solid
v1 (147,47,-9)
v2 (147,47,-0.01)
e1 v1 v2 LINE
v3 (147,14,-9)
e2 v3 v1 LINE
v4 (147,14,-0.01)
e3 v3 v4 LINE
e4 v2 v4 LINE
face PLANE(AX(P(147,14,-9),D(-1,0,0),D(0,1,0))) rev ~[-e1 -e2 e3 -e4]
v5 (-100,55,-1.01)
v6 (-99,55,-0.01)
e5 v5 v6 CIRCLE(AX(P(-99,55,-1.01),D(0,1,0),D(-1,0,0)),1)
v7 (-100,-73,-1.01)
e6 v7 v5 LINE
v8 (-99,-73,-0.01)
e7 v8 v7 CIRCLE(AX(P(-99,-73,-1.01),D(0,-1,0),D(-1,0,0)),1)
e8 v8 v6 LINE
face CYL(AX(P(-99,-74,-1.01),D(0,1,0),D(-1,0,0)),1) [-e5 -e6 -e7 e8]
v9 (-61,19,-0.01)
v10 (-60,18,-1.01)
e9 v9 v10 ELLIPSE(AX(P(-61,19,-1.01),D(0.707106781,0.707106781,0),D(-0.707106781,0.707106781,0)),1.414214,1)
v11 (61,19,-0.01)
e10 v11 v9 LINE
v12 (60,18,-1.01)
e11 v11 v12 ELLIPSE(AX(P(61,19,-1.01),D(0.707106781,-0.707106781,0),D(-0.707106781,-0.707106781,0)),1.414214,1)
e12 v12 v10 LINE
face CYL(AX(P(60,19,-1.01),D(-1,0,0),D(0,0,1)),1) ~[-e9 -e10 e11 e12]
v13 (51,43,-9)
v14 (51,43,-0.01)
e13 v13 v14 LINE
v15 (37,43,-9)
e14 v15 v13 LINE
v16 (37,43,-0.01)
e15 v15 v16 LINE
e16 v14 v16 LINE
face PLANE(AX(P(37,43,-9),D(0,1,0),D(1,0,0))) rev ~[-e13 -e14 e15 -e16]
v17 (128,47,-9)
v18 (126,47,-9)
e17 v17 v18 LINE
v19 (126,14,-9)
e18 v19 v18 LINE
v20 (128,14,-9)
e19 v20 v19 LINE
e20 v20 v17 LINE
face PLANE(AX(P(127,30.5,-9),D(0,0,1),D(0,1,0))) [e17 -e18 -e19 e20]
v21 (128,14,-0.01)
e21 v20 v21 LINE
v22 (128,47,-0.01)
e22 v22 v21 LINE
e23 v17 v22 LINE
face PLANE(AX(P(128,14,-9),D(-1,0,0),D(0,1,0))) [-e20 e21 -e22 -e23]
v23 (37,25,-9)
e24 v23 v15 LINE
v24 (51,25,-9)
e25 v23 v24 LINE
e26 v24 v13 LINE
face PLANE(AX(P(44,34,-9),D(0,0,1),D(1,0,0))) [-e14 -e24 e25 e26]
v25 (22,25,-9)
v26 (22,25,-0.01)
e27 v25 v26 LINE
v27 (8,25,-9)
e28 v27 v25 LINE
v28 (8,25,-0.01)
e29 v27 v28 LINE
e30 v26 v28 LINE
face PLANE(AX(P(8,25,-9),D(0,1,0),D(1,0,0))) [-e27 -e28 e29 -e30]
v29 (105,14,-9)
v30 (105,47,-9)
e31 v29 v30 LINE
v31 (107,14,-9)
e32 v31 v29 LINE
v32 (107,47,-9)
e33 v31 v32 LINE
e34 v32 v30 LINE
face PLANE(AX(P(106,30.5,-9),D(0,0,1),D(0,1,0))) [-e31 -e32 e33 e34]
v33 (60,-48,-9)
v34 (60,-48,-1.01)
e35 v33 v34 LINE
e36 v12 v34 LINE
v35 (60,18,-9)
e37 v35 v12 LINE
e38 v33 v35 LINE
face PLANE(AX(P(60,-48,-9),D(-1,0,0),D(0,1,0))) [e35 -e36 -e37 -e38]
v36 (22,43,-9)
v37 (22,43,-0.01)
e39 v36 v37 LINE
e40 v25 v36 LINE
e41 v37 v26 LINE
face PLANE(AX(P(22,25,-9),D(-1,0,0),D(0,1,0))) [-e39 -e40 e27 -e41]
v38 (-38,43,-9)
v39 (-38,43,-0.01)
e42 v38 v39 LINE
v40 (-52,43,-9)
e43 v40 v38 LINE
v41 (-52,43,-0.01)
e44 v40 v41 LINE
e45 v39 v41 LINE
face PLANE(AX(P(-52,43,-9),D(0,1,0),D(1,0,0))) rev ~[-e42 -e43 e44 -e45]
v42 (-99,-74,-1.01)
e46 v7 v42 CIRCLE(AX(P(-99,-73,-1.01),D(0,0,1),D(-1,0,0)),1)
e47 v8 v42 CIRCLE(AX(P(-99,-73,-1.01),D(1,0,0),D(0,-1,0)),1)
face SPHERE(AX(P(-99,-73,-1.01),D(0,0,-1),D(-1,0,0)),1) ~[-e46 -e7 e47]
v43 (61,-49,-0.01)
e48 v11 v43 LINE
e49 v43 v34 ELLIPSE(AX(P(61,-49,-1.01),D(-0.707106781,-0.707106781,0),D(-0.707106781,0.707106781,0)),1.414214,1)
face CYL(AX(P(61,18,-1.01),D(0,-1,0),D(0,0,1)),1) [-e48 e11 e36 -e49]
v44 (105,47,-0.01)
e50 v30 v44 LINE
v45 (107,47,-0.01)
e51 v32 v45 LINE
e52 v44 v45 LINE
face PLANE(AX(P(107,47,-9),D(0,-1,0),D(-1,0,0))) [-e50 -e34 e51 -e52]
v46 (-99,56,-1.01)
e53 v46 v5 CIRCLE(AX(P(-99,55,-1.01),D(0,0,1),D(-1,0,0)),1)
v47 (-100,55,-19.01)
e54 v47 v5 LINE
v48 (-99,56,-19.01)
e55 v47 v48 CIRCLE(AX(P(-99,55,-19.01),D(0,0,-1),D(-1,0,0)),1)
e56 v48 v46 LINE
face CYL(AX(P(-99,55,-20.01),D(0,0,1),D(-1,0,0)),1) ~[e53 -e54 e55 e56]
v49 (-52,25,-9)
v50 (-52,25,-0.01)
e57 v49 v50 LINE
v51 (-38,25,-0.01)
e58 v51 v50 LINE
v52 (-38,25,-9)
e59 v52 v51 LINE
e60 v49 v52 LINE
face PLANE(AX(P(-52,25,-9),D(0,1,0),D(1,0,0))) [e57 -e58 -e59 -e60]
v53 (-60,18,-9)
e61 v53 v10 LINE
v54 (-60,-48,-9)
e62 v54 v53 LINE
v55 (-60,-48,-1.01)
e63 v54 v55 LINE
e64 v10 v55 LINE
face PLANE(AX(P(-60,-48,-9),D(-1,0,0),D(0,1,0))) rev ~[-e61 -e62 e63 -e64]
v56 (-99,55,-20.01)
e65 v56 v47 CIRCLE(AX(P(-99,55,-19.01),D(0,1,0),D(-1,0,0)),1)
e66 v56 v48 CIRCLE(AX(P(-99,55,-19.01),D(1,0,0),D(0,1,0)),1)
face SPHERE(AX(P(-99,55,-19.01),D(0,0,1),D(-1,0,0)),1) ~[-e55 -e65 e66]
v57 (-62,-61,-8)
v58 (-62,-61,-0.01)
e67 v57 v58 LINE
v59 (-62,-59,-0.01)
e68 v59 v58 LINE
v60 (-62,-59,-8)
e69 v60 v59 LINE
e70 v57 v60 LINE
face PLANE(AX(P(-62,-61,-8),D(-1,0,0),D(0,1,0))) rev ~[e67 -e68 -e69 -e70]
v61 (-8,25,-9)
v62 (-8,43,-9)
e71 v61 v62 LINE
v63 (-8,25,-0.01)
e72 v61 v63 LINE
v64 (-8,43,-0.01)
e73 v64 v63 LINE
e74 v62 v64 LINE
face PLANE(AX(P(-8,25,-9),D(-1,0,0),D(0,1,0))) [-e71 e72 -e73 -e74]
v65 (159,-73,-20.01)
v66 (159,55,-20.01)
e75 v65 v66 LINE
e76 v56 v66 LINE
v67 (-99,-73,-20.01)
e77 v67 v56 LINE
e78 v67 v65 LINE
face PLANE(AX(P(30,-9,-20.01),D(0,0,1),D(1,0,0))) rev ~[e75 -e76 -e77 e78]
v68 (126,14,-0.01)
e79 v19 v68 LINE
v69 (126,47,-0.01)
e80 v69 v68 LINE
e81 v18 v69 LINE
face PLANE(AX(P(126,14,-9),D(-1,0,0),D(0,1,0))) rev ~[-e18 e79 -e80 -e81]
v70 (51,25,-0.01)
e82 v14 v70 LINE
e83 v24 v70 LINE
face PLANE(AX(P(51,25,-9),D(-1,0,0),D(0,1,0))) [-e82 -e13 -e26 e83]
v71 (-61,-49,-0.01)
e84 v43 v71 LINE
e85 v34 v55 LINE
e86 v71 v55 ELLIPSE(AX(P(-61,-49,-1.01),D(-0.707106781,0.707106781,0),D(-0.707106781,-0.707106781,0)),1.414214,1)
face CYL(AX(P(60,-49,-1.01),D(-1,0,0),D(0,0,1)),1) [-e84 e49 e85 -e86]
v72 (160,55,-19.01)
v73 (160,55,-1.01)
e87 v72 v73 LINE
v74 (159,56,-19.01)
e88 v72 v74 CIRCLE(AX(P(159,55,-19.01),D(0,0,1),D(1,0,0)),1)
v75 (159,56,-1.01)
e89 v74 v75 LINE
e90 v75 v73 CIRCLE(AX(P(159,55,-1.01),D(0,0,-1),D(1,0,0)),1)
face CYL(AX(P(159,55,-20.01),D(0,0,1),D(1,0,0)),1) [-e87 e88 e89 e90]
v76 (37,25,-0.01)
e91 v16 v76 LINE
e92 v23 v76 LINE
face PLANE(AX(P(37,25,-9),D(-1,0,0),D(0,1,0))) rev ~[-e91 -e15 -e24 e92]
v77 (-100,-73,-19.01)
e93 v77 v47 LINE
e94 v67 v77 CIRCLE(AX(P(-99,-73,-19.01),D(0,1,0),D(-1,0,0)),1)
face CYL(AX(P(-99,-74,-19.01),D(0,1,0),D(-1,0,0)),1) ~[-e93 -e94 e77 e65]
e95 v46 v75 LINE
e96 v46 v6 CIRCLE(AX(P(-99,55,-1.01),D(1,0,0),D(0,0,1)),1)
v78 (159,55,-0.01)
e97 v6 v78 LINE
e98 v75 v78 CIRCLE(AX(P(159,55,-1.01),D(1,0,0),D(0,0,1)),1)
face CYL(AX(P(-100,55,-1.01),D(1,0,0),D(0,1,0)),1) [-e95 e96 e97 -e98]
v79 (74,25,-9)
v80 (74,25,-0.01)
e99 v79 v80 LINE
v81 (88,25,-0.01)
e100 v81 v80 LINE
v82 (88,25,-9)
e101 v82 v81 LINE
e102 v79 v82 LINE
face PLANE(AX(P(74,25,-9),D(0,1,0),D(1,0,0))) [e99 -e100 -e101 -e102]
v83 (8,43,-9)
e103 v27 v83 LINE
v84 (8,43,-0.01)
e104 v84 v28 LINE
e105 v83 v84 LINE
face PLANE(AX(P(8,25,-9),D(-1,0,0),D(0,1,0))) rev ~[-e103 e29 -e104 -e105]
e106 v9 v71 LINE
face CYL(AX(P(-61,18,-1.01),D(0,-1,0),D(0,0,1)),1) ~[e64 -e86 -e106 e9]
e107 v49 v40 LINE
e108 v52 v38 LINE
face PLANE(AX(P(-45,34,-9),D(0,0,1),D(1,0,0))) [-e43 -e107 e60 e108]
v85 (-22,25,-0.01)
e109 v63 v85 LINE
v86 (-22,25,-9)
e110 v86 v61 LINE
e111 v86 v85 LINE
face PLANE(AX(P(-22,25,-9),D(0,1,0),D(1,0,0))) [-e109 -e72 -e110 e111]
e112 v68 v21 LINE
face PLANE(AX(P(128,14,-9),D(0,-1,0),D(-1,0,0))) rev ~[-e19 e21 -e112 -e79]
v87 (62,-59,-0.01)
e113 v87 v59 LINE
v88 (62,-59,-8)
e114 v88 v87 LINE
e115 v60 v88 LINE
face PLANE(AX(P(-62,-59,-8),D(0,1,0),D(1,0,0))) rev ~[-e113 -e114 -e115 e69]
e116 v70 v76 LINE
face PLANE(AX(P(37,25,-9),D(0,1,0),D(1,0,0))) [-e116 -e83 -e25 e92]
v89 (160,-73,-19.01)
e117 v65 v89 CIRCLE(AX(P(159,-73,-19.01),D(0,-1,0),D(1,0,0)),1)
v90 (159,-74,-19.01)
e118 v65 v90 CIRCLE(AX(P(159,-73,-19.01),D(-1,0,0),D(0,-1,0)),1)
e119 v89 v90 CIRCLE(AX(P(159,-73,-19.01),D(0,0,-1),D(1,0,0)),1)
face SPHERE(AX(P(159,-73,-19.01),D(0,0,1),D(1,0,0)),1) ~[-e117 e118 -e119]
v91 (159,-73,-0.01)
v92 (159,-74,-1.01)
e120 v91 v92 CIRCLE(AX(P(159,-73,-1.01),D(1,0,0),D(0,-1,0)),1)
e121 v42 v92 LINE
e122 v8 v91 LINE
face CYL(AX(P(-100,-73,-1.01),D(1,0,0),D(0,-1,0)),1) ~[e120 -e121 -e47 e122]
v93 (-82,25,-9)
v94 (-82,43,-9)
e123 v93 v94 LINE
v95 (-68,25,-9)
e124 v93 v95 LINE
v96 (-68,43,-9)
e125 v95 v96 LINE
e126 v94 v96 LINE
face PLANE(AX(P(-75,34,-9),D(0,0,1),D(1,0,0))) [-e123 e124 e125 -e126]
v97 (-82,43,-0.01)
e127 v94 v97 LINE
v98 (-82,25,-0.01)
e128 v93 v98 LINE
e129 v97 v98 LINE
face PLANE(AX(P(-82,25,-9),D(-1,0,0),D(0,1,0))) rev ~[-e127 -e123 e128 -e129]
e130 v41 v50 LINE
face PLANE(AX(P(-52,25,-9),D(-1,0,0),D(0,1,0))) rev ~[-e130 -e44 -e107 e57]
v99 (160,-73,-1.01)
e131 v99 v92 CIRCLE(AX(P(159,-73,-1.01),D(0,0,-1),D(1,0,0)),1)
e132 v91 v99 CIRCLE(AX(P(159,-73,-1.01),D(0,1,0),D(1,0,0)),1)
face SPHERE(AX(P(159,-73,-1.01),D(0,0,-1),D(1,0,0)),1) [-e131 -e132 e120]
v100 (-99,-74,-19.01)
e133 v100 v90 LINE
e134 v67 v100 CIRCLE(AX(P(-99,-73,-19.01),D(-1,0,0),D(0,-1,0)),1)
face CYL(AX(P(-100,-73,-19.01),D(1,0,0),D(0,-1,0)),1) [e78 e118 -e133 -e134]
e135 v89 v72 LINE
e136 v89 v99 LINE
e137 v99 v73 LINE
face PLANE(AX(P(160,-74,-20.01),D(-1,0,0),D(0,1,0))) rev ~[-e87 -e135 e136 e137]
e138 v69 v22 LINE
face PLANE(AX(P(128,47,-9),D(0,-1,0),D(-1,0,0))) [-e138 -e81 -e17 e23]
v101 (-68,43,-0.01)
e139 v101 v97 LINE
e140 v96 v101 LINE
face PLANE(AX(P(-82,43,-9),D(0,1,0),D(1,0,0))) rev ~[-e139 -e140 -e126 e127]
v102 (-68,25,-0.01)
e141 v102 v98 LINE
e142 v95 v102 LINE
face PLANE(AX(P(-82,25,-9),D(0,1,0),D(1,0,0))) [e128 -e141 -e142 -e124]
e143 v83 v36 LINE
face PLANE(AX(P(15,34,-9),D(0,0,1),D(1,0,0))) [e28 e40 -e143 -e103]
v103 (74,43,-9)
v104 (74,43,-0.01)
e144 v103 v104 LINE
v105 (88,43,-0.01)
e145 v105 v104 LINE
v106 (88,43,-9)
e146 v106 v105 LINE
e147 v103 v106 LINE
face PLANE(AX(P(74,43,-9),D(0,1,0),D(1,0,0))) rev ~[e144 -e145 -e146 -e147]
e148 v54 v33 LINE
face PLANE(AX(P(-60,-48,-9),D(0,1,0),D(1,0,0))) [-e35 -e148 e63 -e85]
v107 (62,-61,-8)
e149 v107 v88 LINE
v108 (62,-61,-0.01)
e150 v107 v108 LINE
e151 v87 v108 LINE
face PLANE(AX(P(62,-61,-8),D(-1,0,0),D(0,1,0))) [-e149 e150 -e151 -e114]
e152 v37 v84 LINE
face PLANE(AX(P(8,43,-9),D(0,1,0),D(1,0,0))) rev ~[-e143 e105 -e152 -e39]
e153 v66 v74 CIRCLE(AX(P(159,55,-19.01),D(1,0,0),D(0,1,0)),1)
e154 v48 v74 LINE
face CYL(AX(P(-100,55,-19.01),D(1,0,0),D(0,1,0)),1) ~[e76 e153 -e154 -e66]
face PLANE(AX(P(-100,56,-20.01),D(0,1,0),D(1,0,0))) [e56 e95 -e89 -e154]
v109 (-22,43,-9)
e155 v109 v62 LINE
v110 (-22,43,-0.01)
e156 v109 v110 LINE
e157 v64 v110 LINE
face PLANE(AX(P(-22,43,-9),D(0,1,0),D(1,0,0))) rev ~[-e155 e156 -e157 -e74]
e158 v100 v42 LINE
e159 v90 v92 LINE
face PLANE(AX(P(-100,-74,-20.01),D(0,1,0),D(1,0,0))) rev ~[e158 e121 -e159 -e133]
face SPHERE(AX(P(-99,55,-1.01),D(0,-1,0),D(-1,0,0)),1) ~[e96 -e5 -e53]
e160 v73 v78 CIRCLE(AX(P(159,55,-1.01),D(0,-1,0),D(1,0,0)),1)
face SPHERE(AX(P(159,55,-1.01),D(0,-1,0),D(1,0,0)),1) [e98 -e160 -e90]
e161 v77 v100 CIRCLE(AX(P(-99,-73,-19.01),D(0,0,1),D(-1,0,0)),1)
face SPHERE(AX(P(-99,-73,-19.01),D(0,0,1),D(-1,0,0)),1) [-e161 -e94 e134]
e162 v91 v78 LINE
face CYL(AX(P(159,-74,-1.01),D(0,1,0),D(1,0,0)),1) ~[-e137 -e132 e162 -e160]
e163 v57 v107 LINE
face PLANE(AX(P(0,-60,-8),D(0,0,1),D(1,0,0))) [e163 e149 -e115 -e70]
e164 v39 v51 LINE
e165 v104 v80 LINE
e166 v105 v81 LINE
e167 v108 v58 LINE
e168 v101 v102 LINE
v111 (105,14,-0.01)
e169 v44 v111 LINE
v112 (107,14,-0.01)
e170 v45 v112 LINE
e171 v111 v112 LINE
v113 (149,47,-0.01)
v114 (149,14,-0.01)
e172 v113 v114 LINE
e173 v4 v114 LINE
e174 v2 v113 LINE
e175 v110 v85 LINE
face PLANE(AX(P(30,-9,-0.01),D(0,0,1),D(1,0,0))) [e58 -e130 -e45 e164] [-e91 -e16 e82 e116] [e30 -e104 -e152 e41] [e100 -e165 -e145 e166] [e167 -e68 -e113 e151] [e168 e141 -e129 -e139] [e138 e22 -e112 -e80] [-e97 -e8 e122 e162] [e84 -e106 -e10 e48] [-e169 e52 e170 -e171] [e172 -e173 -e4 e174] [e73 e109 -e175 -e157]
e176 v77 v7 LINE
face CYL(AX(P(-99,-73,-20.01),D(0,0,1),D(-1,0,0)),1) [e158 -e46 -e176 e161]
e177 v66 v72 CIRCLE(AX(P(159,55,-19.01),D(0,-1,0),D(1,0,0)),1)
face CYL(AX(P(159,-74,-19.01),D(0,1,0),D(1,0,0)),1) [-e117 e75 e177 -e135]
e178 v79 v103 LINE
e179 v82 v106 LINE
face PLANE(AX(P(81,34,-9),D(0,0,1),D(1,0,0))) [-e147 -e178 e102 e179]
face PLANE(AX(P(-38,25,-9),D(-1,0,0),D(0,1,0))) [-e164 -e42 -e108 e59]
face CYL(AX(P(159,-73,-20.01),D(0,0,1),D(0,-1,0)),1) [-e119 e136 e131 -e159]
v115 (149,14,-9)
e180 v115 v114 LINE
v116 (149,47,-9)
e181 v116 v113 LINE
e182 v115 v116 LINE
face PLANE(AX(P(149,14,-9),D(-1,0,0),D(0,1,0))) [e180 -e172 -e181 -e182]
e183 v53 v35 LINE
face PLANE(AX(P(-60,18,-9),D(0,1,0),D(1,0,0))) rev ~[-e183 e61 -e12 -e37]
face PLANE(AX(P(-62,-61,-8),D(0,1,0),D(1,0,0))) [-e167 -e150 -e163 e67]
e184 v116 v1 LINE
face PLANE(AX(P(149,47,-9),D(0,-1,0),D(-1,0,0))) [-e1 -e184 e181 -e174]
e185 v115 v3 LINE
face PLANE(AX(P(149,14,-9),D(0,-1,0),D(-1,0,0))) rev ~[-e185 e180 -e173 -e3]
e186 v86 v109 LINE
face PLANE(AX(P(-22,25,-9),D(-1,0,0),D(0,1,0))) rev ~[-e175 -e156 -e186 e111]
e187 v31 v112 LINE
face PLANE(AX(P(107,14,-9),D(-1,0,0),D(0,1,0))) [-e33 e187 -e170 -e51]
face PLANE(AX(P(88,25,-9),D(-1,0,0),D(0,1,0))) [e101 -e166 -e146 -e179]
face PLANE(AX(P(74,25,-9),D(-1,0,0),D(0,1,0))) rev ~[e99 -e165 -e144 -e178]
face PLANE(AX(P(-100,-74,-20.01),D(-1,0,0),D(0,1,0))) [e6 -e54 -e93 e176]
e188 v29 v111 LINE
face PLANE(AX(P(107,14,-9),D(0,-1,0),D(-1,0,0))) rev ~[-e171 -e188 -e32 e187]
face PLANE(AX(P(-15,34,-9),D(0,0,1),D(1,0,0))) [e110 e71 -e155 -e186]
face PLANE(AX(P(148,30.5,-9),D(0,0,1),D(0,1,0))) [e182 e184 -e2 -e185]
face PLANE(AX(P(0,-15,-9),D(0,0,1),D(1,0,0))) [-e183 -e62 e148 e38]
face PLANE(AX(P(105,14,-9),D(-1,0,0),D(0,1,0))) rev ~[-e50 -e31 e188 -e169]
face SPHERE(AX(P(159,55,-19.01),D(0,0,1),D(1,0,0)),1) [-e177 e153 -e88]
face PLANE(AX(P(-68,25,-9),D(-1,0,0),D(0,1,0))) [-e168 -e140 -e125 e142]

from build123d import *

# Parameters (mm, degrees)
BOX013_W               = 120
BOX013_H               = 66
BOX013_DEPTH           = 10
BOX002_W               = 14
BOX002_H               = 18
BOX002_DEPTH           = 10
BOX003_W               = 14
BOX003_H               = 18
BOX003_DEPTH           = 10
BOX004_W               = 14
BOX004_H               = 18
BOX004_DEPTH           = 10
BOX005_W               = 14
BOX005_H               = 18
BOX005_DEPTH           = 10
BOX006_W               = 33
BOX006_H               = 2
BOX006_DEPTH           = 10
BOX006_PLACEMENT_ANGLE = 90
BOX009_W               = 33
BOX009_H               = 2
BOX009_DEPTH           = 10
BOX009_PLACEMENT_ANGLE = 90
BOX010_W               = 33
BOX010_H               = 2
BOX010_DEPTH           = 10
BOX010_PLACEMENT_ANGLE = 90
BOX015_W               = 14
BOX015_H               = 18
BOX015_DEPTH           = 10
BOX022_W               = 14
BOX022_H               = 18
BOX022_DEPTH           = 10
BOX001_W               = 124
BOX001_H               = 2
BOX001_DEPTH           = 10
BOX_W                  = 260
BOX_H                  = 130
BOX_DEPTH              = 20
FILLET004_R            = 1
FILLET_R               = 1


with BuildPart() as cube003:
    # Box013 → Box013 (new body)
    with BuildSketch(Plane(origin=(-60, -48, -9), x_dir=(1, 0, 0), z_dir=(0, 0, 1))):
        with Locations((60, 33)):
            Rectangle(BOX013_W, BOX013_H)
    extrude(amount=BOX013_DEPTH)


with BuildPart() as btn4_hole:
    # Box002 → Box002 (new body)
    with BuildSketch(Plane(origin=(8, 25, -9), x_dir=(1, 0, 0), z_dir=(0, 0, 1))):
        with Locations((7, 9)):
            Rectangle(BOX002_W, BOX002_H)
    extrude(amount=BOX002_DEPTH)


with BuildPart() as btn3_hole:
    # Box003 → Box003 (new body)
    with BuildSketch(Plane(origin=(-22, 25, -9), x_dir=(1, 0, 0), z_dir=(0, 0, 1))):
        with Locations((7, 9)):
            Rectangle(BOX003_W, BOX003_H)
    extrude(amount=BOX003_DEPTH)


with BuildPart() as btn2_hole:
    # Box004 → Box004 (new body)
    with BuildSketch(Plane(origin=(-52, 25, -9), x_dir=(1, 0, 0), z_dir=(0, 0, 1))):
        with Locations((7, 9)):
            Rectangle(BOX004_W, BOX004_H)
    extrude(amount=BOX004_DEPTH)


with BuildPart() as btn1_hole:
    # Box005 → Box005 (new body)
    with BuildSketch(Plane(origin=(-82, 25, -9), x_dir=(1, 0, 0), z_dir=(0, 0, 1))):
        with Locations((7, 9)):
            Rectangle(BOX005_W, BOX005_H)
    extrude(amount=BOX005_DEPTH)


with BuildPart() as cf_red_hole:
    # Box006 → Box006 (new body)
    with BuildSketch(Plane.XY):
        with Locations((16.5, 1)):
            Rectangle(BOX006_W, BOX006_H)
    extrude(amount=BOX006_DEPTH)


with BuildPart() as cf_red_hole_1:
    # Box006 placement: moved
    add(cf_red_hole.part.moved(Location((107, 14, -9))).rotate(Axis((107, 14, -9), (0, 0, 1)), BOX006_PLACEMENT_ANGLE))


with BuildPart() as cf_green_hole:
    # Box009 → Box009 (new body)
    with BuildSketch(Plane.XY):
        with Locations((16.5, 1)):
            Rectangle(BOX009_W, BOX009_H)
    extrude(amount=BOX009_DEPTH)


with BuildPart() as cf_green_hole_1:
    # Box009 placement: moved
    add(cf_green_hole.part.moved(Location((128, 14, -9))).rotate(Axis((128, 14, -9), (0, 0, 1)), BOX009_PLACEMENT_ANGLE))


with BuildPart() as cf_blue_hole:
    # Box010 → Box010 (new body)
    with BuildSketch(Plane.XY):
        with Locations((16.5, 1)):
            Rectangle(BOX010_W, BOX010_H)
    extrude(amount=BOX010_DEPTH)


with BuildPart() as cf_blue_hole_1:
    # Box010 placement: moved
    add(cf_blue_hole.part.moved(Location((149, 14, -9))).rotate(Axis((149, 14, -9), (0, 0, 1)), BOX010_PLACEMENT_ANGLE))


with BuildPart() as modbtnhole:
    # Box015 → Box015 (new body)
    with BuildSketch(Plane(origin=(74, 25, -9), x_dir=(1, 0, 0), z_dir=(0, 0, 1))):
        with Locations((7, 9)):
            Rectangle(BOX015_W, BOX015_H)
    extrude(amount=BOX015_DEPTH)


with BuildPart() as btn5_hole:
    # Box022 → Box022 (new body)
    with BuildSketch(Plane(origin=(37, 25, -9), x_dir=(1, 0, 0), z_dir=(0, 0, 1))):
        with Locations((7, 9)):
            Rectangle(BOX022_W, BOX022_H)
    extrude(amount=BOX022_DEPTH)


with BuildPart() as holes:
    # Box001 → Box001 (new body)
    with BuildSketch(Plane(origin=(-62, -61, -8), x_dir=(1, 0, 0), z_dir=(0, 0, 1))):
        with Locations((62, 1)):
            Rectangle(BOX001_W, BOX001_H)
    extrude(amount=BOX001_DEPTH)

    # Fusion: union Btn4-Hole, Btn3-Hole, Btn2-Hole, Btn1-Hole, CF-Red-Hole, CF-Green-Hole, CF-Blue-Hole, ModBtnHole, Btn5-Hole
    add(btn4_hole.part)
    add(btn3_hole.part)
    add(btn2_hole.part)
    add(btn1_hole.part)
    add(cf_red_hole_1.part)
    add(cf_green_hole_1.part)
    add(cf_blue_hole_1.part)
    add(modbtnhole.part)
    add(btn5_hole.part)


with BuildPart() as box:
    # Box → Box (new body)
    with BuildSketch(Plane(origin=(-100, -74, -20.01), x_dir=(1, 0, 0), z_dir=(0, 0, 1))):
        with Locations((130, 65)):
            Rectangle(BOX_W, BOX_H)
    extrude(amount=BOX_DEPTH)

    # Fillet004
    fillet004_edges = [box.edges().sort_by_distance(p)[0] for p in [
        (-100, -74, -10.01),
        (-100, -9, -0.01),
        (-100, 56, -10.01),
        (-100, -9, -20.01),
        (160, -74, -10.01),
        (160, -9, -0.01),
        (160, 56, -10.01),
        (160, -9, -20.01),
        (30, -74, -20.01),
        (30, -74, -0.01),
        (30, 56, -20.01),
        (30, 56, -0.01),
    ]]
    fillet(fillet004_edges, radius=FILLET004_R)

    # Cut016: cut Holes
    add(holes.part, mode=Mode.SUBTRACT)

    # Cut: cut Cube003
    add(cube003.part, mode=Mode.SUBTRACT)

    # Fillet
    fillet_edges = [box.edges().sort_by_distance(p)[0] for p in [
        (0, -48, -0.01),
        (60, -15, -0.01),
        (0, 18, -0.01),
        (-60, -15, -0.01),
    ]]
    fillet(fillet_edges, radius=FILLET_R)


solid = box.part
